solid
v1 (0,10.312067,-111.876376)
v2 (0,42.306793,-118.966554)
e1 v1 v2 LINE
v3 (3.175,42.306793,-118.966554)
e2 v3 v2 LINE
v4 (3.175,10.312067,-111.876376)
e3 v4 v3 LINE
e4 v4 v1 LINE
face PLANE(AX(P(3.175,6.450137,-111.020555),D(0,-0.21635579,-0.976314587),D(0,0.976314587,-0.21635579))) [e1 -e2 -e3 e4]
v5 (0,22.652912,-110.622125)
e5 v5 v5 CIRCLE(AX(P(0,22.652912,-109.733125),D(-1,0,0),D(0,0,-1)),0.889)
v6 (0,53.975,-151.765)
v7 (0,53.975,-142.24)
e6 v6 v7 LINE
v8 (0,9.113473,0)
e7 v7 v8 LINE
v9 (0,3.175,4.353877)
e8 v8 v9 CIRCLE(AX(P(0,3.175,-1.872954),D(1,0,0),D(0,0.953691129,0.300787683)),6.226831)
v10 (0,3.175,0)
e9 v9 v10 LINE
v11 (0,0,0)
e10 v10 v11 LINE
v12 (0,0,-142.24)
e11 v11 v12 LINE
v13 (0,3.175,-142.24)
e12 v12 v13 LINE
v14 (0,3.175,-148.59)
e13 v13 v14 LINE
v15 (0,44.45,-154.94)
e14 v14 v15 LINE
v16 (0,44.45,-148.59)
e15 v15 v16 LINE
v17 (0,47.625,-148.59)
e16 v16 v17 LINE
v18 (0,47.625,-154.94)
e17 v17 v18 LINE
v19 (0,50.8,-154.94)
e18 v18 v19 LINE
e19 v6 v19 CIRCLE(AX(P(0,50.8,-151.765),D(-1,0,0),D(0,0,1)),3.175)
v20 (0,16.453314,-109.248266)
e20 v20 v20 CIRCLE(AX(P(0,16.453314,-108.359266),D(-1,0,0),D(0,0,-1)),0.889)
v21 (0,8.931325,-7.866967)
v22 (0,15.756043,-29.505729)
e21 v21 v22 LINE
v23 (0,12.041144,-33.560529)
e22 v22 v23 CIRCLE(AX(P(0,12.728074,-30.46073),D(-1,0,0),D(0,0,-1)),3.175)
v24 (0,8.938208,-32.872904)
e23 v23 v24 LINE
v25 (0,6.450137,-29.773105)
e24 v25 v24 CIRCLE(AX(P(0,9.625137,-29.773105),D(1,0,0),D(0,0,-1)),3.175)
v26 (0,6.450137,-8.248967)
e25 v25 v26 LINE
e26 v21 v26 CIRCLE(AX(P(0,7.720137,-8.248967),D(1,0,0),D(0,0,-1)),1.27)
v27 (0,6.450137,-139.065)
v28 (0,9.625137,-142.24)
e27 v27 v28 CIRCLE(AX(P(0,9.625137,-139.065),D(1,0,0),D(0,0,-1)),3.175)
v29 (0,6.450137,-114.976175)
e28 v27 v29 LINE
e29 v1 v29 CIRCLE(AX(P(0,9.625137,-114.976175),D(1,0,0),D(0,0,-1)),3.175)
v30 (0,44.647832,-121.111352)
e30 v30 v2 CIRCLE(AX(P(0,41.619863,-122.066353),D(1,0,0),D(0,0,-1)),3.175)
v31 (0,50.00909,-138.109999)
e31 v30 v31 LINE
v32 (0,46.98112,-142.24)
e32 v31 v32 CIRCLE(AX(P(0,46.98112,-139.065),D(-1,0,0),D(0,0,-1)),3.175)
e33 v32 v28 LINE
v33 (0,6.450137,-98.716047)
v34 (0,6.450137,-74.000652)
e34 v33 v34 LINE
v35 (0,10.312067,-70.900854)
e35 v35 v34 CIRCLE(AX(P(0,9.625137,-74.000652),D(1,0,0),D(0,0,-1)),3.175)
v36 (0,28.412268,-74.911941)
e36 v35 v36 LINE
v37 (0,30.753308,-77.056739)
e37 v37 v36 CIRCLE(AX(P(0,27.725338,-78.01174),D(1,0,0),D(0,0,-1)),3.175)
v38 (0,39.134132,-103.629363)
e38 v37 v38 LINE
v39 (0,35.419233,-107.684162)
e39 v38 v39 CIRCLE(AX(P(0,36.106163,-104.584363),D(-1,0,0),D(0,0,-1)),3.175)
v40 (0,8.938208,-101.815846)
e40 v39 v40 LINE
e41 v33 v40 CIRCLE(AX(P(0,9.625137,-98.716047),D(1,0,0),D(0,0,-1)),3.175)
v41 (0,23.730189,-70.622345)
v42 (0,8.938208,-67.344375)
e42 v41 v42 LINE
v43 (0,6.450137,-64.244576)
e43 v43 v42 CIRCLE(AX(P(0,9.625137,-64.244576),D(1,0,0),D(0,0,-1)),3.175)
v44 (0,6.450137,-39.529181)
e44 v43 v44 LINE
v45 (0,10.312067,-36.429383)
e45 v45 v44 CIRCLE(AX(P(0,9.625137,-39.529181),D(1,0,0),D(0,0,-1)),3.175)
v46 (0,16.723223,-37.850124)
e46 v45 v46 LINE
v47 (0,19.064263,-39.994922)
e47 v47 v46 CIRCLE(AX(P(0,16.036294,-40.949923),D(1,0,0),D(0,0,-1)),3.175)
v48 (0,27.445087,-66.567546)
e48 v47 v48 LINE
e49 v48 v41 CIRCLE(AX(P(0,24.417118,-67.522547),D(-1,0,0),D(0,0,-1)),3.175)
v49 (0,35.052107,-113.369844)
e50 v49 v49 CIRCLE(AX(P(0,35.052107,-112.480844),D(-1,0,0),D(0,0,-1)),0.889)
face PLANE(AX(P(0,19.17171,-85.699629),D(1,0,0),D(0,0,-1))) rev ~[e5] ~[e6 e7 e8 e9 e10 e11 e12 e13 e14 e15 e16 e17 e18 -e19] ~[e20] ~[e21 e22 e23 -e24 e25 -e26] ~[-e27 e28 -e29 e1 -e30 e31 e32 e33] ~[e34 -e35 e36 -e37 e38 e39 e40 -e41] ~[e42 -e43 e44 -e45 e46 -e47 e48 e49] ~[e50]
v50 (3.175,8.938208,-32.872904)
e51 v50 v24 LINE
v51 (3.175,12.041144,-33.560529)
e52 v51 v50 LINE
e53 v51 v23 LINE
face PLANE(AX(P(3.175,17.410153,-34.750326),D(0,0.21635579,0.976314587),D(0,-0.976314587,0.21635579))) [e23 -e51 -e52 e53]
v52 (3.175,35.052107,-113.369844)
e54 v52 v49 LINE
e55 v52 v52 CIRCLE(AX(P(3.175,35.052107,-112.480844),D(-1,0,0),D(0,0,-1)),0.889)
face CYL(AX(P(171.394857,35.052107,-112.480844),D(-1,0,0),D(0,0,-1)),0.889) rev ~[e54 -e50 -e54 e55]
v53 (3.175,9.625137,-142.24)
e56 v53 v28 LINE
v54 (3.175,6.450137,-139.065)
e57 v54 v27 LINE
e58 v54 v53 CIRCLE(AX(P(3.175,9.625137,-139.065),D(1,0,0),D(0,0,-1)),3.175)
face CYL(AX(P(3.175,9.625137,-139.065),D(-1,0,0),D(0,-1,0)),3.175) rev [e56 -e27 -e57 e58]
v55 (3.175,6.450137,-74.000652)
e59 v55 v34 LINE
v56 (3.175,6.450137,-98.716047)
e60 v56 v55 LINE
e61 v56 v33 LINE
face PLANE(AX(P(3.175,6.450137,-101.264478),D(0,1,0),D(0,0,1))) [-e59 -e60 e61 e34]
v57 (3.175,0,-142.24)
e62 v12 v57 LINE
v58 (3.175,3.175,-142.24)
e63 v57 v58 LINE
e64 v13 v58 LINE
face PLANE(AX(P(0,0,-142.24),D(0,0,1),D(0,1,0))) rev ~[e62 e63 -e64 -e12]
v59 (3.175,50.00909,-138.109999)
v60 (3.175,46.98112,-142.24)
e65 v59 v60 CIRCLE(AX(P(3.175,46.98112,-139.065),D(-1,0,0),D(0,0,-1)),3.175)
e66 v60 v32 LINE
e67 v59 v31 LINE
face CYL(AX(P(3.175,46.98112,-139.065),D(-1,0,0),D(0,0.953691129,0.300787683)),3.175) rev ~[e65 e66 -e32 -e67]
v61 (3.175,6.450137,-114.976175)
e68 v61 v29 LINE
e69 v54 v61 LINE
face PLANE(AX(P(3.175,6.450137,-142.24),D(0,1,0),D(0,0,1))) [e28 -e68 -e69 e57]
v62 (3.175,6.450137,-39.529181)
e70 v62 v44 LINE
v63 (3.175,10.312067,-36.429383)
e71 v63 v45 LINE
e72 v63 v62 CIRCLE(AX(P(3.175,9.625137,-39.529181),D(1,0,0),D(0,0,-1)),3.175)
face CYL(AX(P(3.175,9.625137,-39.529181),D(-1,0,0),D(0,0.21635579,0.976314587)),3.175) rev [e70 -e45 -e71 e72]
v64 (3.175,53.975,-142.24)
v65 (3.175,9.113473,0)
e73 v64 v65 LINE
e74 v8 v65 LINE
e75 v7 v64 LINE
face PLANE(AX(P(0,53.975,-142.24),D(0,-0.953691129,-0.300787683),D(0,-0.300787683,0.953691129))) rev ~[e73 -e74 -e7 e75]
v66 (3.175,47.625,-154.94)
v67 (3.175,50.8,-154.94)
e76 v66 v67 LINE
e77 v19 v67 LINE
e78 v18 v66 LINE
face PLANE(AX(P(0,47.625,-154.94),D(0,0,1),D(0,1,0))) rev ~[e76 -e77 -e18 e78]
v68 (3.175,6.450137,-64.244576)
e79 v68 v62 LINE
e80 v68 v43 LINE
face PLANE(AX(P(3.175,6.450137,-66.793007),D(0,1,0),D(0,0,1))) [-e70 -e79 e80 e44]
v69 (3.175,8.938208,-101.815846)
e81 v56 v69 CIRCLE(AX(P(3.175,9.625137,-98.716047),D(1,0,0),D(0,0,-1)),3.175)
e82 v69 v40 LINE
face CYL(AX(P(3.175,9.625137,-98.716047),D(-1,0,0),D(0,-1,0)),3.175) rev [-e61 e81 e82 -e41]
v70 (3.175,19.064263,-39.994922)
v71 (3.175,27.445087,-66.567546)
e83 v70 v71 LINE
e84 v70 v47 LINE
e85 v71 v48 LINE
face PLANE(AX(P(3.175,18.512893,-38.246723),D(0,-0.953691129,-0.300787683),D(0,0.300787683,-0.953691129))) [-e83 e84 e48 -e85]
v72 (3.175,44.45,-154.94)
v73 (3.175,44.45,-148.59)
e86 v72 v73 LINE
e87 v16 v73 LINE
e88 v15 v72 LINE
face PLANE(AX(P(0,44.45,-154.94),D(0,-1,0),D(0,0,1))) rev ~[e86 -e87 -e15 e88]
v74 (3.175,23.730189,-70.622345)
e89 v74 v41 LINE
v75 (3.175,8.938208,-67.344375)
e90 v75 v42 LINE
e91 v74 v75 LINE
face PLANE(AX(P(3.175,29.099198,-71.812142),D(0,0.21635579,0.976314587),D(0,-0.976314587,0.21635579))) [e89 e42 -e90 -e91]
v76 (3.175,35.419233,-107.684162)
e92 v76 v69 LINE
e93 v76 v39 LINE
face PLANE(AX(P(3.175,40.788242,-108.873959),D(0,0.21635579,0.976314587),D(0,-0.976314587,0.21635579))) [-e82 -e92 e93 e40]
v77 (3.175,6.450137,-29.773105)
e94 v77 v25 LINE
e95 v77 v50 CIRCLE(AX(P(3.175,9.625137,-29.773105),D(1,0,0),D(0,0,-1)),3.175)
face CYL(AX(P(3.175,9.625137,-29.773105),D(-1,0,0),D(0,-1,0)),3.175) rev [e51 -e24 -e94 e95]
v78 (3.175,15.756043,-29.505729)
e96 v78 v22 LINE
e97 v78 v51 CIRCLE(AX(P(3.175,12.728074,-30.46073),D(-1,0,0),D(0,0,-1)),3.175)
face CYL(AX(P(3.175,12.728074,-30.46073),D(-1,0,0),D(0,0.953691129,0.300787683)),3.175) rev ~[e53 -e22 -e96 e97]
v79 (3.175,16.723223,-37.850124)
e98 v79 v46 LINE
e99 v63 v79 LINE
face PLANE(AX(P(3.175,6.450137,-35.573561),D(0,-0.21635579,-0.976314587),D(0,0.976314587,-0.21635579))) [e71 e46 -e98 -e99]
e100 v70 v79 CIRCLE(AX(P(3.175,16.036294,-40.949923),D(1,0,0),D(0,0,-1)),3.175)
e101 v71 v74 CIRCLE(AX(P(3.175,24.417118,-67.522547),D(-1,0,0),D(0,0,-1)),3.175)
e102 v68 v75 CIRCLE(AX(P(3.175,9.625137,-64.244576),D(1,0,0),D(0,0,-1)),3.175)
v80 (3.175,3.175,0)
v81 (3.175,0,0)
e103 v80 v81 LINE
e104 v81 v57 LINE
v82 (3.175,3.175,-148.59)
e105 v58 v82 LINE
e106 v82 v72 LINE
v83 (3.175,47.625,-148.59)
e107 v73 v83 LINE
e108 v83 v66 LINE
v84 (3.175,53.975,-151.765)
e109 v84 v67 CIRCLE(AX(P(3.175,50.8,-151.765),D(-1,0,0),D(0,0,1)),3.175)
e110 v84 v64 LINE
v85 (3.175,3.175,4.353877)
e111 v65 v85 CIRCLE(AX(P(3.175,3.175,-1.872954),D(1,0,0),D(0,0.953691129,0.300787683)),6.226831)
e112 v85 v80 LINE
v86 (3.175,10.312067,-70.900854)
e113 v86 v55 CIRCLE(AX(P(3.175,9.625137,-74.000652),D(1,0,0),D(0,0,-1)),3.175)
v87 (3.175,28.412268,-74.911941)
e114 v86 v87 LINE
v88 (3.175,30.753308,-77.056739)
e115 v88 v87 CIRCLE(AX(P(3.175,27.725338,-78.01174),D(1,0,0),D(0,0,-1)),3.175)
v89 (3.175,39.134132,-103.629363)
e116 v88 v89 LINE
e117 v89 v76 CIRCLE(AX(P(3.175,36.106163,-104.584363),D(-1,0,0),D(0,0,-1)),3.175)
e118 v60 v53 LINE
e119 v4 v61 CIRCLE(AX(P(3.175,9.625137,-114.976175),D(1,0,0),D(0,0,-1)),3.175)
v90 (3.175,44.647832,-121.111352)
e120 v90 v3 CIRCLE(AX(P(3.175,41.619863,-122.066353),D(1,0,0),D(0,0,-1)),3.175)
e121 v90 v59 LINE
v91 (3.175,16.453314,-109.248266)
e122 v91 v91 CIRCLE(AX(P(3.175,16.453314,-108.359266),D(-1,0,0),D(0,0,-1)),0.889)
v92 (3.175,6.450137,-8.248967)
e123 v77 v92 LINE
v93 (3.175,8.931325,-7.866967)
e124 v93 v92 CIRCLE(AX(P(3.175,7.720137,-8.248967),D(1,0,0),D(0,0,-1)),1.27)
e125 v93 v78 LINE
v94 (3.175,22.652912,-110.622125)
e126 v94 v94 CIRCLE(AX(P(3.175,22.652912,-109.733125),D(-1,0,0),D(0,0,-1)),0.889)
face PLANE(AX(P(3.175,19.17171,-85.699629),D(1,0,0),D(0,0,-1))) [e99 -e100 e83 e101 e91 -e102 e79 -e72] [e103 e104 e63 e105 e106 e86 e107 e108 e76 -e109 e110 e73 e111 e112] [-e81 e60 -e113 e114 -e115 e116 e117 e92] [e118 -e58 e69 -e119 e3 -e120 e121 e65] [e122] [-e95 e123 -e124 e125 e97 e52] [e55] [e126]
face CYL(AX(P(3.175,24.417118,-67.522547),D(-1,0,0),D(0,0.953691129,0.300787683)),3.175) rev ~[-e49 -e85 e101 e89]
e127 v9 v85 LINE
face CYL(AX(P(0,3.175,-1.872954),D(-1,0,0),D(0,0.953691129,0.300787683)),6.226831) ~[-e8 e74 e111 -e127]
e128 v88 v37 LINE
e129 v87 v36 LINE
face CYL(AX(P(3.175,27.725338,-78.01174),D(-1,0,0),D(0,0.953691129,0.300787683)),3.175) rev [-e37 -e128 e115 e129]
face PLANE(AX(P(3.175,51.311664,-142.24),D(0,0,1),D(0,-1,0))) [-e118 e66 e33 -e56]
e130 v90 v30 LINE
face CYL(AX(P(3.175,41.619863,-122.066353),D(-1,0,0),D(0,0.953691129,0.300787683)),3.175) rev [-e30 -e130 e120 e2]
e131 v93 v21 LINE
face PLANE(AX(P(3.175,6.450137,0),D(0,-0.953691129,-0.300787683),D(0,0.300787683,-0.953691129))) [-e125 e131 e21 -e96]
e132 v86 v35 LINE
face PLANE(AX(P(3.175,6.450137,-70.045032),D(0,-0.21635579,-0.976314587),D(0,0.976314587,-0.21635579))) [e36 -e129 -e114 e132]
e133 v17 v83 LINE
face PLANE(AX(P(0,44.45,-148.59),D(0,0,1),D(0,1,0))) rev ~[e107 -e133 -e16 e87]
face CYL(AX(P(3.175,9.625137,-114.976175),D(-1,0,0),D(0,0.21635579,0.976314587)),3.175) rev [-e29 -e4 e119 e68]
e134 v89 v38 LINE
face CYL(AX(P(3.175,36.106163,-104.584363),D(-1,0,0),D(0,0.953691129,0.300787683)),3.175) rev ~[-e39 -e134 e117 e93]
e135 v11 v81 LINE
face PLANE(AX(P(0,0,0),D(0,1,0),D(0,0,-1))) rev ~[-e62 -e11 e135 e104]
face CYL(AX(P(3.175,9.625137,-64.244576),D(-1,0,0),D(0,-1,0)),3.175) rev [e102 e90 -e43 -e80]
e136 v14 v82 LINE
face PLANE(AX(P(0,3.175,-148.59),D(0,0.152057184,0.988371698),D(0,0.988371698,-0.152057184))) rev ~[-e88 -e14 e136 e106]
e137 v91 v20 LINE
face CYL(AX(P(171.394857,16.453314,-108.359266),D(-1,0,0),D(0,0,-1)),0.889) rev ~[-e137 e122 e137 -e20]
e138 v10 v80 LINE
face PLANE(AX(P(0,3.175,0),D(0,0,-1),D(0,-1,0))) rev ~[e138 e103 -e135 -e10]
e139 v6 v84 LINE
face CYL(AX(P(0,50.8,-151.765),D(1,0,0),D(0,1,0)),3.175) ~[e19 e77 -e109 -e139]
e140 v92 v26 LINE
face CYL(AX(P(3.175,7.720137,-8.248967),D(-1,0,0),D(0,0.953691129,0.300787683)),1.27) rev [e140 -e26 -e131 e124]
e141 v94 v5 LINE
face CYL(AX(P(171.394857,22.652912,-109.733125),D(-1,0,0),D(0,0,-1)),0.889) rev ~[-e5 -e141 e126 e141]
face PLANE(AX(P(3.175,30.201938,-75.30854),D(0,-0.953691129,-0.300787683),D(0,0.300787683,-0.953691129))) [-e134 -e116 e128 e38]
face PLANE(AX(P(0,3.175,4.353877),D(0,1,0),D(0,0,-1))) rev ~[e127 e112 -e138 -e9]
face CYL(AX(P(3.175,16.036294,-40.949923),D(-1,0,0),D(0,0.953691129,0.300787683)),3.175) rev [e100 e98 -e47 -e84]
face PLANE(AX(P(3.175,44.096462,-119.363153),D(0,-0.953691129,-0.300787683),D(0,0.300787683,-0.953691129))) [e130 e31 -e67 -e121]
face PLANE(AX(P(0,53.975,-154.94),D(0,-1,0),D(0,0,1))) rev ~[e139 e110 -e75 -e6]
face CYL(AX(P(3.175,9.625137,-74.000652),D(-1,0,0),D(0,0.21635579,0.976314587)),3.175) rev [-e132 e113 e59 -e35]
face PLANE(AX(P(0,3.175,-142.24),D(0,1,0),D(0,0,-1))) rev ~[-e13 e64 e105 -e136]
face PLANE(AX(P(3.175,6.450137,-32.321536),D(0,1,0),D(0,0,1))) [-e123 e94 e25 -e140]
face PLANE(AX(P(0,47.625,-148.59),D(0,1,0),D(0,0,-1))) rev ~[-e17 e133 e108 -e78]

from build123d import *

# Parameters (mm, degrees)
BOSS_EXTRUDE1_DEPTH             = 3.175
CUT_EXTRUDE1_DEPTH              = 165.102970266
FILLET4_R                       = 3.175
FILLET5_R                       = 3.175
FILLET6_R                       = 3.175
FILLET7_R                       = 1.27
F_2_56_TAPPED_HOLE1_D           = 1.778
F_2_56_TAPPED_HOLE1_ON_FACE_2_D = 1.778


with BuildPart() as part:
    # Sketch1 → Boss-Extrude1 (new body)
    with BuildSketch(Plane(origin=(0, 0, 0), x_dir=(0, 0, -1), z_dir=(1, 0, 0))):
        with BuildLine():
            Line((0, 0), (142.24, 0))
            Line((142.24, 0), (142.24, 3.175))
            Line((142.24, 3.175), (148.59, 3.175))
            Line((148.59, 3.175), (154.94, 44.45))
            Line((154.94, 44.45), (148.59, 44.45))
            Line((148.59, 44.45), (148.59, 47.625))
            Line((148.59, 47.625), (154.94, 47.625))
            Line((154.94, 47.625), (154.94, 53.975))
            Line((154.94, 53.975), (142.24, 53.975))
            Line((142.24, 53.975), (0, 9.113473275))
            ThreePointArc((0, 9.113473275), (-3.148798139, 6.856769541), (-4.353876774, 3.175))
            Line((-4.353876774, 3.175), (0, 3.175))
            Line((0, 3.175), (0, 0))
        make_face()
    extrude(amount=BOSS_EXTRUDE1_DEPTH)

    # Sketch2 → Cut-Extrude1 (cut, through all)
    with BuildSketch(Plane(origin=(3.175, 0, 0), x_dir=(0, 0, -1), z_dir=(1, 0, 0))):
        Polygon((142.24, 6.450137188), (142.24, 51.311663913), (119.363152794, 44.096462195), (111.020554533, 6.450137188), align=None)
        Polygon((101.264477824, 6.450137188), (108.873959331, 40.788242054), (75.30854025, 30.201937603), (70.045032356, 6.450137188), align=None)
        Polygon((66.793006787, 6.450137188), (71.812142429, 29.099197556), (38.246723348, 18.512893105), (35.573561319, 6.450137188), align=None)
        Polygon((34.750325527, 17.410153058), (0, 6.450137188), (32.32153575, 6.450137188), align=None)
    extrude(amount=-CUT_EXTRUDE1_DEPTH, mode=Mode.SUBTRACT)

    # Fillet4
    fillet4_edges = [part.edges().sort_by_distance(p)[0] for p in [
        (1.5875, 6.450137188, -32.32153575),
        (1.5875, 6.450137188, -35.573561319),
        (1.5875, 6.450137188, -66.793006787),
        (1.5875, 6.450137188, -70.045032356),
        (1.5875, 6.450137188, -101.264477824),
        (1.5875, 6.450137188, -111.020554533),
        (1.5875, 6.450137188, -142.24),
        (1.5875, 18.512893105, -38.246723348),
        (1.5875, 30.201937603, -75.30854025),
        (1.5875, 44.096462195, -119.363152794),
    ]]
    fillet(fillet4_edges, radius=FILLET4_R)

    # Fillet5
    fillet5_edges = [part.edges().sort_by_distance(p)[0] for p in [
        (1.5875, 17.410153058, -34.750325527),
        (1.5875, 29.099197556, -71.812142429),
        (1.5875, 40.788242054, -108.873959331),
        (1.5875, 51.311663913, -142.24),
    ]]
    fillet(fillet5_edges, radius=FILLET5_R)

    # Fillet6
    fillet6_edges = [part.edges().sort_by_distance(p)[0] for p in [
        (1.5875, 53.975, -154.94),
    ]]
    fillet(fillet6_edges, radius=FILLET6_R)

    # Fillet7
    fillet7_edges = [part.edges().sort_by_distance(p)[0] for p in [
        (1.5875, 6.450137188, 0),
    ]]
    fillet(fillet7_edges, radius=FILLET7_R)

    # #2-56 Tapped Hole1 (through all)
    with Locations(Plane(origin=(3.175, 35.052107057, -112.480843865), x_dir=(0, 0, 1), z_dir=(1, 0, 0))):
        with Locations((0, 0), (2.747718528, 12.399195251), (4.121577793, 18.598792877)):
            Hole(F_2_56_TAPPED_HOLE1_D / 2)

    # #2-56 Tapped Hole1 on face 2 (through all)
    with Locations(Plane(origin=(524.251745337, 38.733811309, 0), x_dir=(0, 0, 1), z_dir=(1, 0, 0))):
        with Locations((0, 0)):
            Hole(F_2_56_TAPPED_HOLE1_ON_FACE_2_D / 2)


solid = part.part
